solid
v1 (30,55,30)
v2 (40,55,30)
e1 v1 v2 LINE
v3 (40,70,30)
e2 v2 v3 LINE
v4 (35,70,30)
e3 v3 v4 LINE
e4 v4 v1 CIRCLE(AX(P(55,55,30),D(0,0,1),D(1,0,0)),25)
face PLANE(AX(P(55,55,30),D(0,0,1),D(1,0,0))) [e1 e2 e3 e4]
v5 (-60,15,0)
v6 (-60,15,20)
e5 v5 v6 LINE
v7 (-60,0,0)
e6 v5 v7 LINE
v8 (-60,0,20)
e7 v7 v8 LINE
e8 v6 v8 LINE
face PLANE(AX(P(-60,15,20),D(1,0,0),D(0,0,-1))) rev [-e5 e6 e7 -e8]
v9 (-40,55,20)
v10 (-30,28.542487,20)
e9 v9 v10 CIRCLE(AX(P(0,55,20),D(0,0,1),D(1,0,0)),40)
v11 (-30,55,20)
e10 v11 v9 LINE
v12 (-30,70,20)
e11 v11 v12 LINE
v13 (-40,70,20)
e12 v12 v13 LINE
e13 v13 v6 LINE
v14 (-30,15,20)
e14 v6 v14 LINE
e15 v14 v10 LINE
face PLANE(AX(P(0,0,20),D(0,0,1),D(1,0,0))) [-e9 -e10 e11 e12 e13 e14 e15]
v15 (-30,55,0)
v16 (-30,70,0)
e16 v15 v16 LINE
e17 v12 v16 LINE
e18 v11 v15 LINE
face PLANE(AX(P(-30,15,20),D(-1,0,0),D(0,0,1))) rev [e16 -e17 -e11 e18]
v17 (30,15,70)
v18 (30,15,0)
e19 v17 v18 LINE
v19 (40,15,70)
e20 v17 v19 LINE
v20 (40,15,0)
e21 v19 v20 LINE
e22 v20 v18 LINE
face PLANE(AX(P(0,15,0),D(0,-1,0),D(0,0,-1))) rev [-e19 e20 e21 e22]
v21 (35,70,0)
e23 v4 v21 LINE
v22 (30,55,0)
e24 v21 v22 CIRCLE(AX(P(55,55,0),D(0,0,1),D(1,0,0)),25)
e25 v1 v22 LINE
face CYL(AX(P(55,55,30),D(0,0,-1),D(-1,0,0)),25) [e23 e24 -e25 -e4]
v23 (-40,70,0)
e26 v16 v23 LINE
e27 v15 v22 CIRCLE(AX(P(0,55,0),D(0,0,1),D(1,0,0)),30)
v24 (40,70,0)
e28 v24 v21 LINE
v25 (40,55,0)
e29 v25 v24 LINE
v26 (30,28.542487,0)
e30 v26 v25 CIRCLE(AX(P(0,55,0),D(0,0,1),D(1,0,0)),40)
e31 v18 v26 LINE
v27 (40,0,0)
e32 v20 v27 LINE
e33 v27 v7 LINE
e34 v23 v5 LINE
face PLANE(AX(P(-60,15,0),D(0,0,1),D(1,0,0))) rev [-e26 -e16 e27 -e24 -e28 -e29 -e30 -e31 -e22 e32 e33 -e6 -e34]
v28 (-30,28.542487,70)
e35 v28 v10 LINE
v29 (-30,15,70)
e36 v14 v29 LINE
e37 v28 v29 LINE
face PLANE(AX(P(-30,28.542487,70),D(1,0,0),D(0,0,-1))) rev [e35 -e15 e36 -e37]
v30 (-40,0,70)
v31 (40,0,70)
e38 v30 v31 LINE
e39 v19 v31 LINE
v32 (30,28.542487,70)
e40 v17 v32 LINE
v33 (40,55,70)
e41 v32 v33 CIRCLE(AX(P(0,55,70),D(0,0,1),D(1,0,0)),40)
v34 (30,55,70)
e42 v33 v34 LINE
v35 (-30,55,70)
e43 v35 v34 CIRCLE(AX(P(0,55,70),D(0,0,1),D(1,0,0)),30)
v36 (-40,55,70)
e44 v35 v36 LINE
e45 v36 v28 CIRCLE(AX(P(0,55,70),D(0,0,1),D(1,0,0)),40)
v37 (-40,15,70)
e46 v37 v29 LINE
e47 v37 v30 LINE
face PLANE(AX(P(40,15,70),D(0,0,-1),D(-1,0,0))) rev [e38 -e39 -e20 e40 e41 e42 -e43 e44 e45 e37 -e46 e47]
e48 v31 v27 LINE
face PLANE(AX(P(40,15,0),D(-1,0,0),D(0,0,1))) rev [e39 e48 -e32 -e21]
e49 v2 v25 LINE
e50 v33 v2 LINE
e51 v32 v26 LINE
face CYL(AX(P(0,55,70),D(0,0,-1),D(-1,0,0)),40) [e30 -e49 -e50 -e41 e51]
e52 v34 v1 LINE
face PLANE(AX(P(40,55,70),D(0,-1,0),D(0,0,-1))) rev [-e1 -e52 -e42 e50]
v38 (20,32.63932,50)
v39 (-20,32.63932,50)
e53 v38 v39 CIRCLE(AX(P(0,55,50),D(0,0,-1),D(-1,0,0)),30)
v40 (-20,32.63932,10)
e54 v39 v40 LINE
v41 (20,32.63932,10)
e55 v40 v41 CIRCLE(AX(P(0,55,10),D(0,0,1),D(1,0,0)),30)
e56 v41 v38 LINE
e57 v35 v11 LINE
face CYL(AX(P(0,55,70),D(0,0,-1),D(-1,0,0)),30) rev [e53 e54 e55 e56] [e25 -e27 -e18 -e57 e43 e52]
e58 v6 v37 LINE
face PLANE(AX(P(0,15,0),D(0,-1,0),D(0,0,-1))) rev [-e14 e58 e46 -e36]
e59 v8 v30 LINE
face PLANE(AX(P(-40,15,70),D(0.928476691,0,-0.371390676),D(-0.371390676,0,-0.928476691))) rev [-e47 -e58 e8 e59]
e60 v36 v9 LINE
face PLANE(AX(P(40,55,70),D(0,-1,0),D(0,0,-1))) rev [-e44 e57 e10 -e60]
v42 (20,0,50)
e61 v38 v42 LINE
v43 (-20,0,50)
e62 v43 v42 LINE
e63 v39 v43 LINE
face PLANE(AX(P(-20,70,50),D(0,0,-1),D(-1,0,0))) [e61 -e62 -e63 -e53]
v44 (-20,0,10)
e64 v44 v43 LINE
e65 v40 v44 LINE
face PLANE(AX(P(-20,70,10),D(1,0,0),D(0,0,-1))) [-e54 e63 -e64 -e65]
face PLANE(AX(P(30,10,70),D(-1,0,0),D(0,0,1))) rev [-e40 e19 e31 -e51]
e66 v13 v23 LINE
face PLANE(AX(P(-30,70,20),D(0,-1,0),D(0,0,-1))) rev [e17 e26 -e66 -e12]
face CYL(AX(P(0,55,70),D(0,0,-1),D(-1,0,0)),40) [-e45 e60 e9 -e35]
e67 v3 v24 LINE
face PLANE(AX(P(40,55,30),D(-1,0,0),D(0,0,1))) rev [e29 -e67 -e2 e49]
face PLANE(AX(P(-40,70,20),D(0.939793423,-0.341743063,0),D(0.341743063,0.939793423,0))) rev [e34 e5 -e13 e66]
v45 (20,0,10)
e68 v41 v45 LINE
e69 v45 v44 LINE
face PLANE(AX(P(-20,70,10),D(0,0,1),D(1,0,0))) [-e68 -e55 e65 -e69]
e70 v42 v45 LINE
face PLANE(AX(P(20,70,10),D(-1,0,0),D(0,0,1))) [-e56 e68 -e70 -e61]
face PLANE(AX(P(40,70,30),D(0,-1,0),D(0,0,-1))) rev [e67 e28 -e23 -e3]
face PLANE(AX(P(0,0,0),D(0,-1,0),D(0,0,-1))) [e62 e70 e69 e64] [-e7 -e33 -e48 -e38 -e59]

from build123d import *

# Parameters (mm, degrees)
BOSS_EXTRUDE1_DEPTH = 15
BOSS_EXTRUDE2_DEPTH = 70
BOSS_EXTRUDE3_DEPTH = 20
BOSS_EXTRUDE4_DEPTH = 30
CUT_EXTRUDE1_DEPTH  = 116.758369028
SKETCH6_W           = 40
SKETCH6_H           = 40
CUT_EXTRUDE2_DEPTH  = 116.758369028


with BuildPart() as part:
    # Sketch1 → Boss-Extrude1 (new body)
    with BuildSketch(Plane(origin=(0, 0, 0), x_dir=(1, 0, 0), z_dir=(0, 1, 0))):
        Polygon((-60, 0), (40, 0), (40, -70), (-40, -70), (-60, -20), align=None)
    extrude(amount=BOSS_EXTRUDE1_DEPTH)

    # Sketch2 → Boss-Extrude2 (add)
    with BuildSketch(Plane.XY):
        with BuildLine():
            Line((-30, 10), (30, 10))
            Line((30, 10), (30, 28.542486889))
            ThreePointArc((30, 28.542486889), (37.416573868, 40.857864376), (40, 55))
            Line((40, 55), (-40, 55))
            ThreePointArc((-40, 55), (-37.416573868, 40.857864376), (-30, 28.542486889))
            Line((-30, 28.542486889), (-30, 10))
        make_face()
    extrude(amount=BOSS_EXTRUDE2_DEPTH)

    # Sketch3 → Boss-Extrude3 (add)
    with BuildSketch(Plane.XY):
        Polygon((-60, 15), (-30, 15), (-30, 70), (-40, 70), align=None)
    extrude(amount=BOSS_EXTRUDE3_DEPTH)

    # Sketch4 → Boss-Extrude4 (add)
    with BuildSketch(Plane.XY):
        with BuildLine():
            Line((30, 55), (40, 55))
            Line((40, 55), (40, 70))
            Line((40, 70), (35, 70))
            ThreePointArc((35, 70), (31.282917549, 62.90569415), (30, 55))
        make_face()
    extrude(amount=BOSS_EXTRUDE4_DEPTH)

    # Sketch5 → Cut-Extrude1 (cut, through all)
    with BuildSketch(Plane.XY):
        with BuildLine():
            Line((-30, 55), (30, 55))
            ThreePointArc((30, 55), (0, 25), (-30, 55))
        make_face()
    extrude(amount=CUT_EXTRUDE1_DEPTH, mode=Mode.SUBTRACT)

    # Sketch6 → Cut-Extrude2 (cut, through all)
    with BuildSketch(Plane(origin=(0, 0, 0), x_dir=(1, 0, 0), z_dir=(0, 1, 0))):
        with Locations((0, -30)):
            Rectangle(SKETCH6_W, SKETCH6_H)
    extrude(amount=CUT_EXTRUDE2_DEPTH, mode=Mode.SUBTRACT)


solid = part.part
